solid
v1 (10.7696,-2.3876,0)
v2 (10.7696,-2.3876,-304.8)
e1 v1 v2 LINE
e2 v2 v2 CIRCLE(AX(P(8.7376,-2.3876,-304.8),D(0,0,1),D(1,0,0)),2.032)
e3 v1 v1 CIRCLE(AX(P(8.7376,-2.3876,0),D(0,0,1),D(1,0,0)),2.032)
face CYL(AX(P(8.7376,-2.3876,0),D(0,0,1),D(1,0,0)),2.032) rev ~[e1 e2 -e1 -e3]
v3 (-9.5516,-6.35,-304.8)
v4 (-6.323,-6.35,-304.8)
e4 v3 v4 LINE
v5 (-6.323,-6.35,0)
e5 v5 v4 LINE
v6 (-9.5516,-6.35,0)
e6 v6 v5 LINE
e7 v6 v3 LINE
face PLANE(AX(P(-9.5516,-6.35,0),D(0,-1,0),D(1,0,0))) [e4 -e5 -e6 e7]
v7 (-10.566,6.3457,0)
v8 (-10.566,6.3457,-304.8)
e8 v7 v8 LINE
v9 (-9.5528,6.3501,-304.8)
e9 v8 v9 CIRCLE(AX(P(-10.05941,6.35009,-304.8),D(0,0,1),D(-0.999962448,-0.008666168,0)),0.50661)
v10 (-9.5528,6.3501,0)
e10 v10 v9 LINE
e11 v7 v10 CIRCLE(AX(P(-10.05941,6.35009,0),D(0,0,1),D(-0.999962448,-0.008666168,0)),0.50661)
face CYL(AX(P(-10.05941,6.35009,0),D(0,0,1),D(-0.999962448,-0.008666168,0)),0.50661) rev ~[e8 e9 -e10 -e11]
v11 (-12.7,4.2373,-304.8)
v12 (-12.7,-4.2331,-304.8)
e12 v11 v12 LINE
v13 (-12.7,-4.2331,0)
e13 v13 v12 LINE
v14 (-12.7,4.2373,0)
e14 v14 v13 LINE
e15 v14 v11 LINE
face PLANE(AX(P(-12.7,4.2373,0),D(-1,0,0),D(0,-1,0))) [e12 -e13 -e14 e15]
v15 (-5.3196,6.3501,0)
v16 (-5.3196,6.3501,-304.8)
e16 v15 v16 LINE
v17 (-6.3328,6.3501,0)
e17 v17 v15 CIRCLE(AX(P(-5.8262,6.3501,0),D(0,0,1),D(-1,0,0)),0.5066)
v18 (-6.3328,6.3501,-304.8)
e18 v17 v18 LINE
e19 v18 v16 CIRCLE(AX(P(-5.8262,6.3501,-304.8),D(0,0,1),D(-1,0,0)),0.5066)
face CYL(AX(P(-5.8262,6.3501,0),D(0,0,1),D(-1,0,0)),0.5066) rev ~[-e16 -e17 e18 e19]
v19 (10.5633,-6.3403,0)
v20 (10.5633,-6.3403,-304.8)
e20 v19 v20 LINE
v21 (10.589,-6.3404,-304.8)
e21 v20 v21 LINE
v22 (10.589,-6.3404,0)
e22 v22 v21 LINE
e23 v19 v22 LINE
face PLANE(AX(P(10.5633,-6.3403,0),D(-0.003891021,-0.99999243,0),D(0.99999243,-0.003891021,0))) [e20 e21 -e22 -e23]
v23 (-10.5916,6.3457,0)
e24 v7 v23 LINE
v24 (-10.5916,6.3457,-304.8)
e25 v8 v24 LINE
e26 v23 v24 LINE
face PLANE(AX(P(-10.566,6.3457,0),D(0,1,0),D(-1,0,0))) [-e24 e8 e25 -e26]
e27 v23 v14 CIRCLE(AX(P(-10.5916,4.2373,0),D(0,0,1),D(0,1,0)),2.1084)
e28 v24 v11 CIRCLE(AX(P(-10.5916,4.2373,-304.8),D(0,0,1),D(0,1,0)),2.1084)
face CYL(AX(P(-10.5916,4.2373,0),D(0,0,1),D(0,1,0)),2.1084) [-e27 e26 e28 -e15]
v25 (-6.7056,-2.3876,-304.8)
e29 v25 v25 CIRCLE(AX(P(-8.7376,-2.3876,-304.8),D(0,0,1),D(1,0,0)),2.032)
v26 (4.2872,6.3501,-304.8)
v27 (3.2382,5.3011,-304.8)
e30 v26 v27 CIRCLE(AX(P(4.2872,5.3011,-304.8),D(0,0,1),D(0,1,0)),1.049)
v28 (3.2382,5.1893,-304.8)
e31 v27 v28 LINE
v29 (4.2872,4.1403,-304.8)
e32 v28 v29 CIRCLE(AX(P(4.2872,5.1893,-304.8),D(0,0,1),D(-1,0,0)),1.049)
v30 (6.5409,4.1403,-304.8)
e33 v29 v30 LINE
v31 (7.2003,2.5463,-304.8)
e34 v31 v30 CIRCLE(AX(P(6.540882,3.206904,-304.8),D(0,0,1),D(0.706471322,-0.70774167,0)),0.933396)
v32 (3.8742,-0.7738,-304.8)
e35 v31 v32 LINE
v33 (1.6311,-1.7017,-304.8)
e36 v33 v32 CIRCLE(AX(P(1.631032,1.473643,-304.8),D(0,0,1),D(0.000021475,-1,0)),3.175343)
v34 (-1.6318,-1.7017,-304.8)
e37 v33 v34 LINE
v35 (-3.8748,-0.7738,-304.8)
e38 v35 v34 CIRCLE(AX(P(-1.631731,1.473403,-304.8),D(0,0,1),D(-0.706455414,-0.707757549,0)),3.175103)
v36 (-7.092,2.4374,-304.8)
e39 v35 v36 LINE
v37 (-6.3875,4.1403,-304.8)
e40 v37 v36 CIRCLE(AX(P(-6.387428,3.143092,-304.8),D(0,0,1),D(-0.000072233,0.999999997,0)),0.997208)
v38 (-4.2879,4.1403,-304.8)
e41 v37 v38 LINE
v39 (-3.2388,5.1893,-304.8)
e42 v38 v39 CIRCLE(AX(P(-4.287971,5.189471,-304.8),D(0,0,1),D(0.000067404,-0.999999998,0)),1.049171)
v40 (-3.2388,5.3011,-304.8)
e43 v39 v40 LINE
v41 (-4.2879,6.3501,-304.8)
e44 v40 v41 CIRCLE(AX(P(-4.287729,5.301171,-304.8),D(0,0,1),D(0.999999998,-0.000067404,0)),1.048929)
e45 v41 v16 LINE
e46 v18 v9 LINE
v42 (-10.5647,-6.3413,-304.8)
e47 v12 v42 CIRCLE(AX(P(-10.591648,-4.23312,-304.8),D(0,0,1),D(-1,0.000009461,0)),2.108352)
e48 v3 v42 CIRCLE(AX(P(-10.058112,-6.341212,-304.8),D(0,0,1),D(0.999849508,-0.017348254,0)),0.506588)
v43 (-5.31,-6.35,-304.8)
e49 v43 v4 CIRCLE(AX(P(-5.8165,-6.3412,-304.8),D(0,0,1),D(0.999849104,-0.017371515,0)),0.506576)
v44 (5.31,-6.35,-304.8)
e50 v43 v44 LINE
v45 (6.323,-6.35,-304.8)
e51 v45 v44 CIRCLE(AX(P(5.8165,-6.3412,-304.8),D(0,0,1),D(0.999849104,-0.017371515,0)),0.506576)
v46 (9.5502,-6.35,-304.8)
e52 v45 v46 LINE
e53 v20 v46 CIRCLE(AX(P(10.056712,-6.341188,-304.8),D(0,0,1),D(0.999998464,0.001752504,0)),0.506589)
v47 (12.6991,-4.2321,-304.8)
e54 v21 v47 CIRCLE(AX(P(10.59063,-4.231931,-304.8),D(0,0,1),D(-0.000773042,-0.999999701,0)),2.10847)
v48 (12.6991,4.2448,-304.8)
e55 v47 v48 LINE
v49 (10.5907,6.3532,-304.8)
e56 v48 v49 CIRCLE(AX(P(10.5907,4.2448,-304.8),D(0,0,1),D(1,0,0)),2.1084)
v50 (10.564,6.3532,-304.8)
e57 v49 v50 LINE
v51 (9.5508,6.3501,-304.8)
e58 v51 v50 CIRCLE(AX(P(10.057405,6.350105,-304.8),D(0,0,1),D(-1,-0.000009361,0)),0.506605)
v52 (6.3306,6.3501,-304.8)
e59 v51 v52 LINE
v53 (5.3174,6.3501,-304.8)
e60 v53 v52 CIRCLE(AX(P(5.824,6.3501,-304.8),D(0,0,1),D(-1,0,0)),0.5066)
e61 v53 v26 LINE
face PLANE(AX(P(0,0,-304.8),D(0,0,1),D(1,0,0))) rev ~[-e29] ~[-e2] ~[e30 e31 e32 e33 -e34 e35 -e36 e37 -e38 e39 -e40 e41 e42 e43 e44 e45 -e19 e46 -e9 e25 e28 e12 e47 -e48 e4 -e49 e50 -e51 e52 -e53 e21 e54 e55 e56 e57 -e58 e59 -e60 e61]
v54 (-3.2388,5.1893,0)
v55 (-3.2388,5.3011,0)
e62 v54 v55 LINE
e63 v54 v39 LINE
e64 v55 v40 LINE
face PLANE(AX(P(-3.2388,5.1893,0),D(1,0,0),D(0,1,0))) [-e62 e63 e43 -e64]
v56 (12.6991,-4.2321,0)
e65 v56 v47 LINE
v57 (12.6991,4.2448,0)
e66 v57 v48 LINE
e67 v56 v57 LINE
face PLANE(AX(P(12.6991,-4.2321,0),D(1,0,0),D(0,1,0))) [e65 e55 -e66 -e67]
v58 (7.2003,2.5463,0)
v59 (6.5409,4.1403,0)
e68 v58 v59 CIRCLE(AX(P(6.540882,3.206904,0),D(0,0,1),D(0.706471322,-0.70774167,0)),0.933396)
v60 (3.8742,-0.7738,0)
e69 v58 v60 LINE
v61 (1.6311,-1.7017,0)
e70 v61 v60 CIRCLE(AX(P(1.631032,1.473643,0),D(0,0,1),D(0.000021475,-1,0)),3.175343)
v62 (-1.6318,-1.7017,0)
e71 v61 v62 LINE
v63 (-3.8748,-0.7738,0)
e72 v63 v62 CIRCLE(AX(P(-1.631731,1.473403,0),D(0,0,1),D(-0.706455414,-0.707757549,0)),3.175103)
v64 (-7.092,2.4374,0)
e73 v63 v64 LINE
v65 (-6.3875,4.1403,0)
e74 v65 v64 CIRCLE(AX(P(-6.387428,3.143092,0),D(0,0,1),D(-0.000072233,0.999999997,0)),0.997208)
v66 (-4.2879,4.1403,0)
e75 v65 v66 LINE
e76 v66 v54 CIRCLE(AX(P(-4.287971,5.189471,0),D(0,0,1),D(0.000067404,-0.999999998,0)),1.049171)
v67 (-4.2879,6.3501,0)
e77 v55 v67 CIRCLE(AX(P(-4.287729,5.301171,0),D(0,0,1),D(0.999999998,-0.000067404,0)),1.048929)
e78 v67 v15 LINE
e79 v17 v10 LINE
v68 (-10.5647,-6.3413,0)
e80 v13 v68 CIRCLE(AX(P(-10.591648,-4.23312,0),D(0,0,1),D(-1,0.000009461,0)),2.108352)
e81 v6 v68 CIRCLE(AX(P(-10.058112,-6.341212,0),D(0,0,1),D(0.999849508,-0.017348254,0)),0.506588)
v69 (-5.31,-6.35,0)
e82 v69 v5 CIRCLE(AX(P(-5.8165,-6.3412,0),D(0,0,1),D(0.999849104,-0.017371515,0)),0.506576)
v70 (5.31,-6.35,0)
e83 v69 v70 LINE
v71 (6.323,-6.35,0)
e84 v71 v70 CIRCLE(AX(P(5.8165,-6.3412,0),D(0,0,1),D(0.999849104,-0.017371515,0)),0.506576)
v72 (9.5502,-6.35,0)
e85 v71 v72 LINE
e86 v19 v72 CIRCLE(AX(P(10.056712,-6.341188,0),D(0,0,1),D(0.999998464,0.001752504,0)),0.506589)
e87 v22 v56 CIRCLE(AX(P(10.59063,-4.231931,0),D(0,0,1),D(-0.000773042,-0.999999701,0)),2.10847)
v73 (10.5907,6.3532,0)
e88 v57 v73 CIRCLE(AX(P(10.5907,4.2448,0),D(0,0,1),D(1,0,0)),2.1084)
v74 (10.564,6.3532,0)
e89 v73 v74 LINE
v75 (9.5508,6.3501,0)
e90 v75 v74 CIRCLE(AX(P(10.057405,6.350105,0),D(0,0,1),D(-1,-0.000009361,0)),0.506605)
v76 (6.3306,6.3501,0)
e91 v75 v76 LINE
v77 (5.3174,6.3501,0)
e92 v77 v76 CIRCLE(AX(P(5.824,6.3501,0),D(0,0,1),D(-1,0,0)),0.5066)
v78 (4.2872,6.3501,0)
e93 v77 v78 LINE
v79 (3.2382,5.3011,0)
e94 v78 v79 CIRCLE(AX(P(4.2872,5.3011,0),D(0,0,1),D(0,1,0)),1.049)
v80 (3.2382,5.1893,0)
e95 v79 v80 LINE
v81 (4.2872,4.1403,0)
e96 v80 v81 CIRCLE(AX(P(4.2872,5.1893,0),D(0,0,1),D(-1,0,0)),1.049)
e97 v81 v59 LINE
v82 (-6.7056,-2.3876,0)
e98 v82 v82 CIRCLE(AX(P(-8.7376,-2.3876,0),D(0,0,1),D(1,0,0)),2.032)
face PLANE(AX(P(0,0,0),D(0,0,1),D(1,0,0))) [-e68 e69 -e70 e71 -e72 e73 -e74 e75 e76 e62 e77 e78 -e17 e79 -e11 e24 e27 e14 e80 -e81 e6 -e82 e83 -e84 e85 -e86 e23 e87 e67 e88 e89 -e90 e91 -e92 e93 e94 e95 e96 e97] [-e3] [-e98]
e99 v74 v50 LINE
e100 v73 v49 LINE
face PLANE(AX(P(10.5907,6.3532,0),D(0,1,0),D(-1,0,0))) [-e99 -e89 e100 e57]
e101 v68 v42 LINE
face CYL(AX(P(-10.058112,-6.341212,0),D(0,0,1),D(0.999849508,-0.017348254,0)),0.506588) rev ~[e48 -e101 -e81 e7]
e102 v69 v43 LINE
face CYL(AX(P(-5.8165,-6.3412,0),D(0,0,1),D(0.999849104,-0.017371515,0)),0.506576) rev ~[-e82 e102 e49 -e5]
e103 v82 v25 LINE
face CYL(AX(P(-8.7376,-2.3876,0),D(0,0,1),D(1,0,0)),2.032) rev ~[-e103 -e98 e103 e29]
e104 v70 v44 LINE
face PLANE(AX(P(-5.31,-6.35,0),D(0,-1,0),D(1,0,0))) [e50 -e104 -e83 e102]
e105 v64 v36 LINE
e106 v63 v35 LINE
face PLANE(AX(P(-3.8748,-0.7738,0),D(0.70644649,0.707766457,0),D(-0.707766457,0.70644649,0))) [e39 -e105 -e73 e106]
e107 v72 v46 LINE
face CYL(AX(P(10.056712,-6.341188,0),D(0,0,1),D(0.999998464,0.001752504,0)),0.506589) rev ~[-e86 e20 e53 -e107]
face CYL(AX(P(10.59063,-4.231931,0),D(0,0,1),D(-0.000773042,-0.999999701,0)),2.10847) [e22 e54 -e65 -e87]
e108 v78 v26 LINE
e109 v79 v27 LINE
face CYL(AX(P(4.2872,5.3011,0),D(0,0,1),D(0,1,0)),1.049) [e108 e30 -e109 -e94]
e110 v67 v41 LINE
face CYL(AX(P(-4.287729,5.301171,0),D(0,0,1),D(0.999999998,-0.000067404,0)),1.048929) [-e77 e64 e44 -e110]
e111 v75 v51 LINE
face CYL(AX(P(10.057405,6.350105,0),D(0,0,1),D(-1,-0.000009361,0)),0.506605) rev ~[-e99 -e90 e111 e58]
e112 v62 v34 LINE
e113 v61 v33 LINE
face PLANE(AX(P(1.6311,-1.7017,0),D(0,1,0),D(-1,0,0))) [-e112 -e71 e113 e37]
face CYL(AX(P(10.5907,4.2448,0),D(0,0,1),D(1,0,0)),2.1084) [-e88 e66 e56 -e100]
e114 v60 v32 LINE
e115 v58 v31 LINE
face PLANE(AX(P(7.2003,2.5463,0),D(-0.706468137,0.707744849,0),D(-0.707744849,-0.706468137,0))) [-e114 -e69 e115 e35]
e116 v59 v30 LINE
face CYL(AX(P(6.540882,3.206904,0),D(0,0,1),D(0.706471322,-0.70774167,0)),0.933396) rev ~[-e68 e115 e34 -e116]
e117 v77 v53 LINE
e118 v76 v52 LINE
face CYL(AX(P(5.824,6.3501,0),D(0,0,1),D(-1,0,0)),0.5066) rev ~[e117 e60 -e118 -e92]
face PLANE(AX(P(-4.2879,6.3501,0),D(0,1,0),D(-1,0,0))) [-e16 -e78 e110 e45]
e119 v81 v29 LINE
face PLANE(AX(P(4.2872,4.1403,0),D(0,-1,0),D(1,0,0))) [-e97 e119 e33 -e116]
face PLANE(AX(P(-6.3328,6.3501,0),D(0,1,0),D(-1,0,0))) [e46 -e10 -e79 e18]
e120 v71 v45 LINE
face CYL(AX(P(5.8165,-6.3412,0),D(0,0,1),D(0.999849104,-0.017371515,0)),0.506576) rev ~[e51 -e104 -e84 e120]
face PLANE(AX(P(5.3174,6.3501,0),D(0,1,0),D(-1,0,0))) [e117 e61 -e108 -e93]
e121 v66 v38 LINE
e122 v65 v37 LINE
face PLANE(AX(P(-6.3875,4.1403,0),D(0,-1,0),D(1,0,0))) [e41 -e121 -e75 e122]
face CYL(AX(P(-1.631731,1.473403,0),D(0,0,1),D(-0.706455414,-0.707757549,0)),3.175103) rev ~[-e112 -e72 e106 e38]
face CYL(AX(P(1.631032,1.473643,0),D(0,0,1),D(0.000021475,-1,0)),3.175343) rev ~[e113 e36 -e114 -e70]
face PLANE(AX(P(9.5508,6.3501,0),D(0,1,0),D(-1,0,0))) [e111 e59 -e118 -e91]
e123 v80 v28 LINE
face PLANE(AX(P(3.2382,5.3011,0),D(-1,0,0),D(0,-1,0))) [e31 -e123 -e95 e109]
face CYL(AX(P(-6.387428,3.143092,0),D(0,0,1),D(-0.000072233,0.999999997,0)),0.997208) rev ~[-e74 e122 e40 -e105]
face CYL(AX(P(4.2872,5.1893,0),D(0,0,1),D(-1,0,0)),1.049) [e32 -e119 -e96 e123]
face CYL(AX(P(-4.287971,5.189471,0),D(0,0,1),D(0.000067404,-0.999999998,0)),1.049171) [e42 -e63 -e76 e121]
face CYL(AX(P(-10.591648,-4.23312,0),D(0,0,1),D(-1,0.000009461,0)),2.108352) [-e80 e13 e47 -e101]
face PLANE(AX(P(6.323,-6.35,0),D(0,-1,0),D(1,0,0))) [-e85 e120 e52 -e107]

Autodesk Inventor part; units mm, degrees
ref_plane "YZ Plane" through (0, 0, 0) normal (1, 0, 0) x (0, 1, 0)
ref_plane "XZ Plane" through (0, 0, 0) normal (0, 1, 0) x (-1, 0, 0)
ref_plane "XY Plane" through (0, 0, 0) normal (0, 0, 1) x (1, 0, 0)
sketch "Sketch1" plane through (0, 0, 0) normal (0, 0, 1) x (1, 0, 0)
  circle A0 centre (8.7376, -2.3876) radius 2.032
  circle A1 centre (-8.7376, -2.3876) radius 2.032
  arc A2 (9.5508, 6.3501) -> (10.564, 6.3532) centre (10.0574, 6.3501) ccw
  line L0 (9.5508, 6.3501) -> (6.3306, 6.3501)
  arc A3 (5.3174, 6.3501) -> (6.3306, 6.3501) centre (5.824, 6.3501) ccw
  line L1 (5.3174, 6.3501) -> (4.2872, 6.3501)
  arc A4 (4.2872, 6.3501) -> (3.2382, 5.3011) centre (4.2872, 5.3011) ccw
  line L2 (3.2382, 5.3011) -> (3.2382, 5.1893)
  arc A5 (3.2382, 5.1893) -> (4.2872, 4.1403) centre (4.2872, 5.1893) ccw
  line L3 (4.2872, 4.1403) -> (6.5409, 4.1403)
  arc A6 (7.2003, 2.5463) -> (6.5409, 4.1403) centre (6.5409, 3.2069) ccw
  line L4 (7.2003, 2.5463) -> (3.8742, -0.7738)
  arc A7 (1.6311, -1.7017) -> (3.8742, -0.7738) centre (1.6311, 1.4733) ccw
  line L5 (1.6311, -1.7017) -> (-1.6318, -1.7017)
  arc A8 (-3.8748, -0.7738) -> (-1.6318, -1.7017) centre (-1.6318, 1.4733) ccw
  line L6 (-3.8748, -0.7738) -> (-7.092, 2.4374)
  arc A9 (-6.3875, 4.1403) -> (-7.092, 2.4374) centre (-6.3875, 3.1432) ccw
  line L7 (-6.3875, 4.1403) -> (-4.2879, 4.1403)
  arc A10 (-4.2879, 4.1403) -> (-3.2388, 5.1893) centre (-4.2879, 5.1893) ccw
  line L8 (-3.2388, 5.1893) -> (-3.2388, 5.3011)
  arc A11 (-3.2388, 5.3011) -> (-4.2879, 6.3501) centre (-4.2879, 5.3011) ccw
  line L9 (-4.2879, 6.3501) -> (-5.3196, 6.3501)
  arc A12 (-6.3328, 6.3501) -> (-5.3196, 6.3501) centre (-5.8262, 6.3501) ccw
  line L10 (-6.3328, 6.3501) -> (-9.5528, 6.3501)
  arc A13 (-10.566, 6.3457) -> (-9.5528, 6.3501) centre (-10.0594, 6.3501) ccw
  line L11 (-10.566, 6.3457) -> (-10.5916, 6.3457)
  arc A14 (-10.5916, 6.3457) -> (-12.7, 4.2373) centre (-10.5916, 4.2373) ccw
  line L12 (-12.7, 4.2373) -> (-12.7, -4.2331)
  arc A15 (-12.7, -4.2331) -> (-10.5647, -6.3413) centre (-10.5916, -4.2331) ccw
  arc A16 (-9.5516, -6.35) -> (-10.5647, -6.3413) centre (-10.0581, -6.3412) ccw
  line L13 (-9.5516, -6.35) -> (-6.323, -6.35)
  arc A17 (-5.31, -6.35) -> (-6.323, -6.35) centre (-5.8165, -6.3412) ccw
  line L14 (-5.31, -6.35) -> (5.31, -6.35)
  arc A18 (6.323, -6.35) -> (5.31, -6.35) centre (5.8165, -6.3412) ccw
  line L15 (6.323, -6.35) -> (9.5502, -6.35)
  arc A19 (10.5633, -6.3403) -> (9.5502, -6.35) centre (10.0567, -6.3412) ccw
  line L16 (10.5633, -6.3403) -> (10.589, -6.3404)
  arc A20 (10.589, -6.3404) -> (12.6991, -4.2321) centre (10.5907, -4.2321) ccw
  line L17 (12.6991, -4.2321) -> (12.6991, 4.2448)
  arc A21 (12.6991, 4.2448) -> (10.5907, 6.3532) centre (10.5907, 4.2448) ccw
  line L18 (10.5907, 6.3532) -> (10.564, 6.3532)
  point P0 (0, 0)
extrude "Extrusion1" add sketch "Sketch1" against normal blind 304.8
properties part number "1050-BLACK-FB"
